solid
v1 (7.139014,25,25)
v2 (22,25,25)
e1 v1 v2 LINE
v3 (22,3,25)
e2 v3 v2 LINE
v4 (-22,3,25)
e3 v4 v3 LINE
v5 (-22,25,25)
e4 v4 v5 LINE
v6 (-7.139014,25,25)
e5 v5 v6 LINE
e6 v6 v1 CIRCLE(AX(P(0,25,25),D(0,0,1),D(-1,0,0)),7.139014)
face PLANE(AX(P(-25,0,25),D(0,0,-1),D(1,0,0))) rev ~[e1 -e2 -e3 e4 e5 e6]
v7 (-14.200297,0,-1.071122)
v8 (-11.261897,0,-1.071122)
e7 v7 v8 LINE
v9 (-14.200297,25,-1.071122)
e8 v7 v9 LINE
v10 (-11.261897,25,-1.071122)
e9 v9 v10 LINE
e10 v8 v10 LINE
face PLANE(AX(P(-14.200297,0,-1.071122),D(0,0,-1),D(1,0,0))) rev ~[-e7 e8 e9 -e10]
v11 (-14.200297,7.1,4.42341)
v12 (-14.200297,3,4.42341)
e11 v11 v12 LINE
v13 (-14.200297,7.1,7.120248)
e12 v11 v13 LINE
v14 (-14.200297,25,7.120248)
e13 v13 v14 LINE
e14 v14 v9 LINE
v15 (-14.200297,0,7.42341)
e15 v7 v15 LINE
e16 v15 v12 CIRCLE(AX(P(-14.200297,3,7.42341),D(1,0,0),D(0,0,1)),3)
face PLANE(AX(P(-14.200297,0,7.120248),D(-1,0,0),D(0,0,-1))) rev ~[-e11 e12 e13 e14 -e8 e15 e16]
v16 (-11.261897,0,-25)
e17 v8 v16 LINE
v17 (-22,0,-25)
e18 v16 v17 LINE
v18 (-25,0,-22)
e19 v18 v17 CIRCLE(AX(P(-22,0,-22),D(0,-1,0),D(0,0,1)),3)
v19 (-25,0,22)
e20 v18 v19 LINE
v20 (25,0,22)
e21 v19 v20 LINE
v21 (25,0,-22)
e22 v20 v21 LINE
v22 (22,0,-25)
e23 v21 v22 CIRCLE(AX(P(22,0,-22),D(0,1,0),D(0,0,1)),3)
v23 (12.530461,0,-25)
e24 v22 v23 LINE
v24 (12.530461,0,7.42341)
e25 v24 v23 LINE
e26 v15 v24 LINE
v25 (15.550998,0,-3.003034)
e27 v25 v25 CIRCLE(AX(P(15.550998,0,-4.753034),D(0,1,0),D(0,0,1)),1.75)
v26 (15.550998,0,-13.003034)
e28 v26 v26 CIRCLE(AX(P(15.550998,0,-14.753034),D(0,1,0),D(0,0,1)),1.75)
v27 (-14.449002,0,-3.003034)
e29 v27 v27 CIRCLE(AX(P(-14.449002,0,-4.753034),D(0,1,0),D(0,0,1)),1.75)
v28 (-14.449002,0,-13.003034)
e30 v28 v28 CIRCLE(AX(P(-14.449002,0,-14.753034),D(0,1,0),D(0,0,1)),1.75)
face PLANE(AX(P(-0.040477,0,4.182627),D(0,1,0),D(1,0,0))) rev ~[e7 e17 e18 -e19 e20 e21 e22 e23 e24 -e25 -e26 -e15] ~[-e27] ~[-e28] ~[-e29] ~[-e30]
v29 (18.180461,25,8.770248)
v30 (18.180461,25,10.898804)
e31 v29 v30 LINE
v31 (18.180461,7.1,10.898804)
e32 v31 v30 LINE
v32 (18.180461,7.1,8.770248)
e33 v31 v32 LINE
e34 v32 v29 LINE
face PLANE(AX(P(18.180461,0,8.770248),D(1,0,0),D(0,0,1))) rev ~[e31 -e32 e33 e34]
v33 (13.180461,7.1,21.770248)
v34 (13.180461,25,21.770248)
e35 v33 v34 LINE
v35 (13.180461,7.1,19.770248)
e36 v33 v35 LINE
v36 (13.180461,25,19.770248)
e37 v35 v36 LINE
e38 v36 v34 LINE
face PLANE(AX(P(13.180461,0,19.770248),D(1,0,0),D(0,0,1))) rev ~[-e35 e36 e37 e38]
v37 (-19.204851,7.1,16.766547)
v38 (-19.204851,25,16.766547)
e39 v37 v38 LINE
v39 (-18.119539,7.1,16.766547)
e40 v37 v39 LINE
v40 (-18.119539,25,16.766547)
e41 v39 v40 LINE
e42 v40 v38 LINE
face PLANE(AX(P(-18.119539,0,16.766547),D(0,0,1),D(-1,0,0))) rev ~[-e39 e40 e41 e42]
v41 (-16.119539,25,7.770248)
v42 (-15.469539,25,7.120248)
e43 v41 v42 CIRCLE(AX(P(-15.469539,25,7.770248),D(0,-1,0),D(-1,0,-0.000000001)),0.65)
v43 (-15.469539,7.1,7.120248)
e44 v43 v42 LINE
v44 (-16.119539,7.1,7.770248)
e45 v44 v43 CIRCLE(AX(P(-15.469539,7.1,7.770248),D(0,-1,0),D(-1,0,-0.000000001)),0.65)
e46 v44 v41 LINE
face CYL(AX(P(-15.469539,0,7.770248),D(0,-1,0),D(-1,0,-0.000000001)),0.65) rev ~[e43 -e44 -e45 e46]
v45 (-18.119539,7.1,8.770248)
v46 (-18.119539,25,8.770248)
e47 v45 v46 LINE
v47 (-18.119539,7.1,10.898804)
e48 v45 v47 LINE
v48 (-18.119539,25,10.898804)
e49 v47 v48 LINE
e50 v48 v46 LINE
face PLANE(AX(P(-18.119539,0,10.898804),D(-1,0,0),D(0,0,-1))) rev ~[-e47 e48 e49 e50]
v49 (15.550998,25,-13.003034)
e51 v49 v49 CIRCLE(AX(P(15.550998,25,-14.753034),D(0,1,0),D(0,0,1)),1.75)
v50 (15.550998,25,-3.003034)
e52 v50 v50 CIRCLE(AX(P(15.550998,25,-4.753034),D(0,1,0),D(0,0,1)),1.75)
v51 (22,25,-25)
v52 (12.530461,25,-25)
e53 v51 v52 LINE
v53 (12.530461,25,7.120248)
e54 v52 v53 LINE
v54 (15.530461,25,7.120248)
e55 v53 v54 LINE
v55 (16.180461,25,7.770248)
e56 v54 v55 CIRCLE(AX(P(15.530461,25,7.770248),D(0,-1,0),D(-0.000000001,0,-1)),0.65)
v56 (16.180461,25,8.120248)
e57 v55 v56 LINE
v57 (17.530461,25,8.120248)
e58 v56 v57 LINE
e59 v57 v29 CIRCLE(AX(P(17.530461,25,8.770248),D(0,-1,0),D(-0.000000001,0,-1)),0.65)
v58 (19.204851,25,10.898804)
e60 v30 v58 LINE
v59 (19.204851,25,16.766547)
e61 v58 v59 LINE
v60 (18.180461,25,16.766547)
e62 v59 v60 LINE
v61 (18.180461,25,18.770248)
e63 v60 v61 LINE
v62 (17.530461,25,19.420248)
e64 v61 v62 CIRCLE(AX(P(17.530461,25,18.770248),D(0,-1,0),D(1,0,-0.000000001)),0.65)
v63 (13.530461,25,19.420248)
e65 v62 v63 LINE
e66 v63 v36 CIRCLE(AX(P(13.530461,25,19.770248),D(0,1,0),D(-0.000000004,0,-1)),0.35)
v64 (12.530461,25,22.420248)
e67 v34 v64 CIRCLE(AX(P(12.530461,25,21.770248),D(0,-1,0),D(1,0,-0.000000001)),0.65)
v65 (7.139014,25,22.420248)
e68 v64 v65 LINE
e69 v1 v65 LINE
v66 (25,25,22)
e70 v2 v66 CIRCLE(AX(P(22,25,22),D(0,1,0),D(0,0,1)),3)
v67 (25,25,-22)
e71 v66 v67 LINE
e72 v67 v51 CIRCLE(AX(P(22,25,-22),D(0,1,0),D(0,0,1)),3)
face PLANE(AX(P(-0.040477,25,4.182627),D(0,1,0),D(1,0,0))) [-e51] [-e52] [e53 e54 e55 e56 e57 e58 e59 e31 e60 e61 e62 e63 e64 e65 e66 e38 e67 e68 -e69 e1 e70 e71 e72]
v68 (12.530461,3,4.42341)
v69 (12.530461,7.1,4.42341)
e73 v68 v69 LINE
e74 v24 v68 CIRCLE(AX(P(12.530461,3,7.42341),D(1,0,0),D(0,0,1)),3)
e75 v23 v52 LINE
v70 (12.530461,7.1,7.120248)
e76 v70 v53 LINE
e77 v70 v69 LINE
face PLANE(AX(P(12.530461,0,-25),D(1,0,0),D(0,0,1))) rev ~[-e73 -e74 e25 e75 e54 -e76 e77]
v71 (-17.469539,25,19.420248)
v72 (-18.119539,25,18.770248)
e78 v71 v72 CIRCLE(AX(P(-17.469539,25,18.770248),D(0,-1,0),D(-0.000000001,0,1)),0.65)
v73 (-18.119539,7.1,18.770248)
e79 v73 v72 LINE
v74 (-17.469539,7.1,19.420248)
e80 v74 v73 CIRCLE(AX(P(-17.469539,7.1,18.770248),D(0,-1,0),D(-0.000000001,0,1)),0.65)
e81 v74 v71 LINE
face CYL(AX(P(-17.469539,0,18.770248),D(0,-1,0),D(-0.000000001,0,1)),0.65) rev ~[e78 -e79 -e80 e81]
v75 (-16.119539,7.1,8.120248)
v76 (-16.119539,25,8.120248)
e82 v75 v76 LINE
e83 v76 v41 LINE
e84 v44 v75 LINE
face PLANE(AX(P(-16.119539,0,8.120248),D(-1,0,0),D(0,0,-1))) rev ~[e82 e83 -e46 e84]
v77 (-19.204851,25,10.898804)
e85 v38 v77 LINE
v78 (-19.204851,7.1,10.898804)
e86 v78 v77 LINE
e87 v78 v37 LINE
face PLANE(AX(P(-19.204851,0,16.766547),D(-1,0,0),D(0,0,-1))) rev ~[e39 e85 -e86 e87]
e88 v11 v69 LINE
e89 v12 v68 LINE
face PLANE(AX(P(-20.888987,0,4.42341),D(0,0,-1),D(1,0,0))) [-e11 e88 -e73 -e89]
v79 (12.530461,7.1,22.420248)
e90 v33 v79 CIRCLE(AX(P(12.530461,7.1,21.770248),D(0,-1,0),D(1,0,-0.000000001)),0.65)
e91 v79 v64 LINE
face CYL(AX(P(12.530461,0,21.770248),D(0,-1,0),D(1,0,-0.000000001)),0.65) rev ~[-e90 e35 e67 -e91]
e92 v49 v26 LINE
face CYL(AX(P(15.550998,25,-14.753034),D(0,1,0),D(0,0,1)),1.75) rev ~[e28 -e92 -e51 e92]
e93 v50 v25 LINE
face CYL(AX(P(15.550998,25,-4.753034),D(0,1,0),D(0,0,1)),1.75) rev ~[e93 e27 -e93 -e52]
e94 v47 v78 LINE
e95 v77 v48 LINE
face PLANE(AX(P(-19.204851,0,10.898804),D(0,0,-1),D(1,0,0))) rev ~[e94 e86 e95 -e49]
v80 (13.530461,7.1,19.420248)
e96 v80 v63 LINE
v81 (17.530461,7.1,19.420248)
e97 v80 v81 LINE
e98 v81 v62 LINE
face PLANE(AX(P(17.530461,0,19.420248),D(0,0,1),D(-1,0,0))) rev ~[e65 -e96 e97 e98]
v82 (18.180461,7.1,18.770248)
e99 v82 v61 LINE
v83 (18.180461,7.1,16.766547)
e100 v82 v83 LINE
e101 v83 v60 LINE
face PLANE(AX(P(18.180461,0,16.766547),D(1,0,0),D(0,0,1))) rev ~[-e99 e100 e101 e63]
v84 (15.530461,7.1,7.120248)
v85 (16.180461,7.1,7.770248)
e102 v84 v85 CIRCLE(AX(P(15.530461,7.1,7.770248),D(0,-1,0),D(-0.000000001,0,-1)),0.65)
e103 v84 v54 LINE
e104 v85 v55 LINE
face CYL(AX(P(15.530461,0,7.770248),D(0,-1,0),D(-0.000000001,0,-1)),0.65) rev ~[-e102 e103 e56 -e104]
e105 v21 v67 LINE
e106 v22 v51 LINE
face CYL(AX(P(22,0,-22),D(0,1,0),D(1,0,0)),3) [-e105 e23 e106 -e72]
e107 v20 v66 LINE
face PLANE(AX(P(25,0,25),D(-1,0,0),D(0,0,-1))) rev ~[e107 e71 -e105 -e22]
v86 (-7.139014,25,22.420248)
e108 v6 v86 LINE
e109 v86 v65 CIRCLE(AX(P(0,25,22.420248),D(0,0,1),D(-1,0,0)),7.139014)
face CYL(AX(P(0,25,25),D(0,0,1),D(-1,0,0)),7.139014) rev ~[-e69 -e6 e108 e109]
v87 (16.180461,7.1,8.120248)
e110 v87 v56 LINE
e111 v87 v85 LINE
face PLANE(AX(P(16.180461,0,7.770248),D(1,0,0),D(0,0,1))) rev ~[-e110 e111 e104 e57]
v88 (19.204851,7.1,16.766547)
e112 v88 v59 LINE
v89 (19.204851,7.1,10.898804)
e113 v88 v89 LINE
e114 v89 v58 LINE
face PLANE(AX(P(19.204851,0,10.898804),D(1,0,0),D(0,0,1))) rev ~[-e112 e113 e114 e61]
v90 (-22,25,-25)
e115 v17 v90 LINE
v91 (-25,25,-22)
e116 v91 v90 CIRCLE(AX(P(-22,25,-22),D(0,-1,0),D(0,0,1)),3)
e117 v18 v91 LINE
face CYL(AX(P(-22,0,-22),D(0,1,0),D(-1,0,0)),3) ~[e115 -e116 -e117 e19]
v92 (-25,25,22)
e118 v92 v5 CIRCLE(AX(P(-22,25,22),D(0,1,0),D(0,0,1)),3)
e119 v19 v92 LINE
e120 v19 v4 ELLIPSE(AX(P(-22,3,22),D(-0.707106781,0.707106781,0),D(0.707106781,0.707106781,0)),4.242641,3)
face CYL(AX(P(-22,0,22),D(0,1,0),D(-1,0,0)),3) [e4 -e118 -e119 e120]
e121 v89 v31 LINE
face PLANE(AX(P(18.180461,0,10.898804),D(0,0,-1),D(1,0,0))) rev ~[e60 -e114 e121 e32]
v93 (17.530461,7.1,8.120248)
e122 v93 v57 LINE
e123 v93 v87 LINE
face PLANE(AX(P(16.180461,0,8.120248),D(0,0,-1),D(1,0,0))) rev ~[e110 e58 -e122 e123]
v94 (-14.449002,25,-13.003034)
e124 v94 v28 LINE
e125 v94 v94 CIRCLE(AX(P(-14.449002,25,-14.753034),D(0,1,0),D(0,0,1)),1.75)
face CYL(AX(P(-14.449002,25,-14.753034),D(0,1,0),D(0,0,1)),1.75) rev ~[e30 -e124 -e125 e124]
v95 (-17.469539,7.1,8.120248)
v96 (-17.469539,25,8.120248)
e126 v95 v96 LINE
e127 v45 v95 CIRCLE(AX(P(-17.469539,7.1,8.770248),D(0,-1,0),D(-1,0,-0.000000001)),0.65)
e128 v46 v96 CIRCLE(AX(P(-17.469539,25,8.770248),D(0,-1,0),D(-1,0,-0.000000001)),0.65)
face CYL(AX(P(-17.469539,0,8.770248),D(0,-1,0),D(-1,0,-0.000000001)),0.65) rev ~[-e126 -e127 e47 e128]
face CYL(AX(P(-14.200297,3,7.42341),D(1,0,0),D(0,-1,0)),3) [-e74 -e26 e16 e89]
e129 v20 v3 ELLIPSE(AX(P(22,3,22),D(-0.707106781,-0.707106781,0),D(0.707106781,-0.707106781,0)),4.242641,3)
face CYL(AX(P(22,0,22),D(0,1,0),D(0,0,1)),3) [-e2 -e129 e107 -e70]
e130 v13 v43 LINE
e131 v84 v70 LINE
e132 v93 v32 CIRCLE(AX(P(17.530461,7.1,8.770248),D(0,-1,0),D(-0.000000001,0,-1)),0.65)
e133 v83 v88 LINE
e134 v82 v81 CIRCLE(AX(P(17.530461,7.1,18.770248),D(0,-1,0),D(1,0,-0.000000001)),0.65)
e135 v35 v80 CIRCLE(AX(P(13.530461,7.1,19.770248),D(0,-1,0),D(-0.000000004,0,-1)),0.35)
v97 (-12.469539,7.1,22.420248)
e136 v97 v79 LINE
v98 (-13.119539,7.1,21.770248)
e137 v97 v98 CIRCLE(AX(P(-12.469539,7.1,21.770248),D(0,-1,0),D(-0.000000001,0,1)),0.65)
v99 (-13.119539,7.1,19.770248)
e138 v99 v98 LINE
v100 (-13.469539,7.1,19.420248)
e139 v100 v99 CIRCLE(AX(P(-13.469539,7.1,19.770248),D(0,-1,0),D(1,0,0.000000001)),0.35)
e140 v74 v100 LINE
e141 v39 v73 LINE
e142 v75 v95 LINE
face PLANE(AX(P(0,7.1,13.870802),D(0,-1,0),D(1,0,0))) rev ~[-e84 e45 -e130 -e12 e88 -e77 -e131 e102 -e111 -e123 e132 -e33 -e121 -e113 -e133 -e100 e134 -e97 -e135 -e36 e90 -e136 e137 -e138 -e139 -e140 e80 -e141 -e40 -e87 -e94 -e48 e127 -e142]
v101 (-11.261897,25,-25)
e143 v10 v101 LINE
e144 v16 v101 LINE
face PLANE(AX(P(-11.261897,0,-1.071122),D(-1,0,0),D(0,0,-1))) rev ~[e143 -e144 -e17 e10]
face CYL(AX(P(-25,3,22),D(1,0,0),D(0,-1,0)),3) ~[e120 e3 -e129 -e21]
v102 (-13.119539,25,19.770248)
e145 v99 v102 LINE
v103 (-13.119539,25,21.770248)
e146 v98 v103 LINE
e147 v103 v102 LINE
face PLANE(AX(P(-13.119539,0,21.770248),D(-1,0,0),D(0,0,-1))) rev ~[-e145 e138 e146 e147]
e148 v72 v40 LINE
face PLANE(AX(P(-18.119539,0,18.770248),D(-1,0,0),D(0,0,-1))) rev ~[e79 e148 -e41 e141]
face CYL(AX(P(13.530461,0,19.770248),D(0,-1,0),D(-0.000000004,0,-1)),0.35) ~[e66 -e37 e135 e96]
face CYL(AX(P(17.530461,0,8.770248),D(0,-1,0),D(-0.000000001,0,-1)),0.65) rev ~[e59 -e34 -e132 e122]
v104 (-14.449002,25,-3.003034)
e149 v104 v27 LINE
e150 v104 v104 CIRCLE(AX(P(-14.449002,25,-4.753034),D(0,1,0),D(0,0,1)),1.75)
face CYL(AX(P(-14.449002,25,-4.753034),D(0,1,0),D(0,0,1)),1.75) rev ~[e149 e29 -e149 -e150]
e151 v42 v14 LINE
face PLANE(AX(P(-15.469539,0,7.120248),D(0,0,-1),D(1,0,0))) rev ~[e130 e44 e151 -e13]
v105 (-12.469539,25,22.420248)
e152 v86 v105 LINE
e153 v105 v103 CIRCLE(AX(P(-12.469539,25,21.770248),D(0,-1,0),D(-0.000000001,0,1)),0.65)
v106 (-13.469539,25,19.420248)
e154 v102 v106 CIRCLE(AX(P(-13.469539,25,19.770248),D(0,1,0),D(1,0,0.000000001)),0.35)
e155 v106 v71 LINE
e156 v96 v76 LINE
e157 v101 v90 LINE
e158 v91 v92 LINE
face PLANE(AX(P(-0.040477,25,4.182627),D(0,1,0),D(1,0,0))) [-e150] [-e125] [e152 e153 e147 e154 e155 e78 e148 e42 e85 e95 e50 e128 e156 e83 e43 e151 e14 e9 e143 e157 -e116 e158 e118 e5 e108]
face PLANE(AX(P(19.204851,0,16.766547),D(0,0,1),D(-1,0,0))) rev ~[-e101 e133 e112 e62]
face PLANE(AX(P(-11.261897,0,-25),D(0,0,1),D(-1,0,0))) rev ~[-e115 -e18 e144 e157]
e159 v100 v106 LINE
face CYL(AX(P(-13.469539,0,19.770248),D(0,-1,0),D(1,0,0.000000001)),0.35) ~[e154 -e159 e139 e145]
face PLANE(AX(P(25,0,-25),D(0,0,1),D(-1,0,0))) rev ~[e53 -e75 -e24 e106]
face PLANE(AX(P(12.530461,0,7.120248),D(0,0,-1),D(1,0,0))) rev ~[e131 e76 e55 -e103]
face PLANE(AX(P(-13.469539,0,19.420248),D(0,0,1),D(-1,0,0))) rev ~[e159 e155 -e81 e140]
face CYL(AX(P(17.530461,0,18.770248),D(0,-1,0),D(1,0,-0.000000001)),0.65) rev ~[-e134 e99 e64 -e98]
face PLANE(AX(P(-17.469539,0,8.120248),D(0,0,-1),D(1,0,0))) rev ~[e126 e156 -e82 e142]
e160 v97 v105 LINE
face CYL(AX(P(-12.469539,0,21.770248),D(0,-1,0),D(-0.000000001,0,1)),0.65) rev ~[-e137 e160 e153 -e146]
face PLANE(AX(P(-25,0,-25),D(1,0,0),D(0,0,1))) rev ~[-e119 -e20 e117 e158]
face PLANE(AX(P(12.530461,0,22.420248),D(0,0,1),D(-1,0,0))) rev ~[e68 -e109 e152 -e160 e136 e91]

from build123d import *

# Parameters (mm, degrees)
EXTRUDE_1_DEPTH     = 25
CUT_EXTRUDE_1_DEPTH = 10
SKETCH_5_W          = 41.777974616
SKETCH_5_H          = 18.894782553
EXTRUDE_4_DEPTH     = 7.1
SKETCH_7_R          = 1.75
CUT_EXTRUDE_2_DEPTH = 44.301270189
FILLET_1_R          = 3


with BuildPart() as part:
    # 草图1 → 凸台-拉伸1 (new body)
    with BuildSketch(Plane(origin=(0, 0, 0), x_dir=(1, 0, 0), z_dir=(0, 1, 0))):
        with BuildLine():
            Line((-25, -25), (25, -25))
            Line((25, -25), (25, 25))
            Line((25, 25), (12.530461135, 25))
            Line((12.530461135, 25), (12.530461135, -7.120248206))
            Line((12.530461135, -7.120248206), (15.530461135, -7.120248206))
            ThreePointArc((15.530461135, -7.120248206), (15.990080543, -7.310628798), (16.180461135, -7.770248206))
            Line((16.180461135, -7.770248206), (16.180461135, -8.120248206))
            Line((16.180461135, -8.120248206), (17.530461135, -8.120248206))
            ThreePointArc((17.530461135, -8.120248206), (17.990080543, -8.310628798), (18.180461135, -8.770248206))
            Line((18.180461135, -8.770248206), (18.180461135, -10.898803743))
            Line((18.180461135, -10.898803743), (19.204850948, -10.898803743))
            Line((19.204850948, -10.898803743), (19.204850948, -16.766546625))
            Line((19.204850948, -16.766546625), (18.180461135, -16.766546625))
            Line((18.180461135, -16.766546625), (18.180461135, -18.770248206))
            ThreePointArc((18.180461135, -18.770248206), (17.990080543, -19.229867614), (17.530461135, -19.420248206))
            Line((17.530461135, -19.420248206), (13.530461135, -19.420248206))
            ThreePointArc((13.530461135, -19.420248206), (13.282973762, -19.522760833), (13.180461135, -19.770248206))
            Line((13.180461135, -19.770248206), (13.180461135, -21.770248206))
            ThreePointArc((13.180461135, -21.770248206), (12.990080543, -22.229867614), (12.530461135, -22.420248206))
            Line((12.530461135, -22.420248206), (-12.469538865, -22.420248206))
            ThreePointArc((-12.469538865, -22.420248206), (-12.929158272, -22.229867614), (-13.119538865, -21.770248206))
            Line((-13.119538865, -21.770248206), (-13.119538865, -19.770248206))
            ThreePointArc((-13.119538865, -19.770248206), (-13.222051491, -19.522760833), (-13.469538865, -19.420248206))
            Line((-13.469538865, -19.420248206), (-17.469538865, -19.420248206))
            ThreePointArc((-17.469538865, -19.420248206), (-17.929158272, -19.229867614), (-18.119538865, -18.770248206))
            Line((-18.119538865, -18.770248206), (-18.119538865, -16.766546625))
            Line((-18.119538865, -16.766546625), (-18.180461135, -16.766546625))
            Line((-18.180461135, -16.766546625), (-19.204850948, -16.766546625))
            Line((-19.204850948, -16.766546625), (-19.204850948, -10.898803743))
            Line((-19.204850948, -10.898803743), (-18.180461135, -10.898803743))
            Line((-18.180461135, -10.898803743), (-18.119538865, -10.898803743))
            Line((-18.119538865, -10.898803743), (-18.119538865, -8.770248206))
            ThreePointArc((-18.119538865, -8.770248206), (-17.929158272, -8.310628798), (-17.469538865, -8.120248206))
            Line((-17.469538865, -8.120248206), (-16.119538865, -8.120248206))
            Line((-16.119538865, -8.120248206), (-16.119538865, -7.770248206))
            ThreePointArc((-16.119538865, -7.770248206), (-15.929158272, -7.310628798), (-15.469538865, -7.120248206))
            Line((-15.469538865, -7.120248206), (-14.200297417, -7.120248206))
            Line((-14.200297417, -7.120248206), (-14.200297417, 1.071122011))
            Line((-14.200297417, 1.071122011), (-11.261897063, 1.071122011))
            Line((-11.261897063, 1.071122011), (-11.261897063, 25))
            Line((-11.261897063, 25), (-25, 25))
            Line((-25, 25), (-25, -25))
        make_face()
    extrude(amount=EXTRUDE_1_DEPTH)

    # 草图2 → 切除-拉伸1 (cut)
    with BuildSketch(Plane.XY.offset(25)):
        with BuildLine():
            Line((7.139013901, 25), (-7.139013901, 25))
            ThreePointArc((-7.139013901, 25), (0, 17.860986099), (7.139013901, 25))
        make_face()
    extrude(amount=-CUT_EXTRUDE_1_DEPTH, mode=Mode.SUBTRACT)

    # 草图5 → 凸台-拉伸4 (add)
    with BuildSketch(Plane.XZ):
        with Locations((0, 13.870801672)):
            Rectangle(SKETCH_5_W, SKETCH_5_H)
    extrude(amount=-EXTRUDE_4_DEPTH)

    # 草图7 → 切除-拉伸2 (cut, through all)
    with BuildSketch(Plane(origin=(0, 25, 0), x_dir=(1, 0, 0), z_dir=(0, 1, 0))):
        with Locations(Location((15.550997874, 4.753034163, 0), (0, 0, 270))):
            Circle(SKETCH_7_R)
        with Locations(Location((15.550997874, 14.753034163, 0), (0, 0, 270))):
            Circle(SKETCH_7_R)
        with Locations(Location((-14.449002126, 4.753034163, 0), (0, 0, 270))):
            Circle(SKETCH_7_R)
        with Locations(Location((-14.449002126, 14.753034163, 0), (0, 0, 270))):
            Circle(SKETCH_7_R)
    extrude(amount=-CUT_EXTRUDE_2_DEPTH, mode=Mode.SUBTRACT)

    # 圆角1
    fillet_1_edges = [part.edges().sort_by_distance(p)[0] for p in [
        (-0.834918141, 0, 4.423410395),
        (0, 0, 25),
        (25, 12.5, -25),
        (25, 12.5, 25),
        (-25, 12.5, 25),
        (-25, 12.5, -25),
    ]]
    fillet(fillet_1_edges, radius=FILLET_1_R)


solid = part.part
